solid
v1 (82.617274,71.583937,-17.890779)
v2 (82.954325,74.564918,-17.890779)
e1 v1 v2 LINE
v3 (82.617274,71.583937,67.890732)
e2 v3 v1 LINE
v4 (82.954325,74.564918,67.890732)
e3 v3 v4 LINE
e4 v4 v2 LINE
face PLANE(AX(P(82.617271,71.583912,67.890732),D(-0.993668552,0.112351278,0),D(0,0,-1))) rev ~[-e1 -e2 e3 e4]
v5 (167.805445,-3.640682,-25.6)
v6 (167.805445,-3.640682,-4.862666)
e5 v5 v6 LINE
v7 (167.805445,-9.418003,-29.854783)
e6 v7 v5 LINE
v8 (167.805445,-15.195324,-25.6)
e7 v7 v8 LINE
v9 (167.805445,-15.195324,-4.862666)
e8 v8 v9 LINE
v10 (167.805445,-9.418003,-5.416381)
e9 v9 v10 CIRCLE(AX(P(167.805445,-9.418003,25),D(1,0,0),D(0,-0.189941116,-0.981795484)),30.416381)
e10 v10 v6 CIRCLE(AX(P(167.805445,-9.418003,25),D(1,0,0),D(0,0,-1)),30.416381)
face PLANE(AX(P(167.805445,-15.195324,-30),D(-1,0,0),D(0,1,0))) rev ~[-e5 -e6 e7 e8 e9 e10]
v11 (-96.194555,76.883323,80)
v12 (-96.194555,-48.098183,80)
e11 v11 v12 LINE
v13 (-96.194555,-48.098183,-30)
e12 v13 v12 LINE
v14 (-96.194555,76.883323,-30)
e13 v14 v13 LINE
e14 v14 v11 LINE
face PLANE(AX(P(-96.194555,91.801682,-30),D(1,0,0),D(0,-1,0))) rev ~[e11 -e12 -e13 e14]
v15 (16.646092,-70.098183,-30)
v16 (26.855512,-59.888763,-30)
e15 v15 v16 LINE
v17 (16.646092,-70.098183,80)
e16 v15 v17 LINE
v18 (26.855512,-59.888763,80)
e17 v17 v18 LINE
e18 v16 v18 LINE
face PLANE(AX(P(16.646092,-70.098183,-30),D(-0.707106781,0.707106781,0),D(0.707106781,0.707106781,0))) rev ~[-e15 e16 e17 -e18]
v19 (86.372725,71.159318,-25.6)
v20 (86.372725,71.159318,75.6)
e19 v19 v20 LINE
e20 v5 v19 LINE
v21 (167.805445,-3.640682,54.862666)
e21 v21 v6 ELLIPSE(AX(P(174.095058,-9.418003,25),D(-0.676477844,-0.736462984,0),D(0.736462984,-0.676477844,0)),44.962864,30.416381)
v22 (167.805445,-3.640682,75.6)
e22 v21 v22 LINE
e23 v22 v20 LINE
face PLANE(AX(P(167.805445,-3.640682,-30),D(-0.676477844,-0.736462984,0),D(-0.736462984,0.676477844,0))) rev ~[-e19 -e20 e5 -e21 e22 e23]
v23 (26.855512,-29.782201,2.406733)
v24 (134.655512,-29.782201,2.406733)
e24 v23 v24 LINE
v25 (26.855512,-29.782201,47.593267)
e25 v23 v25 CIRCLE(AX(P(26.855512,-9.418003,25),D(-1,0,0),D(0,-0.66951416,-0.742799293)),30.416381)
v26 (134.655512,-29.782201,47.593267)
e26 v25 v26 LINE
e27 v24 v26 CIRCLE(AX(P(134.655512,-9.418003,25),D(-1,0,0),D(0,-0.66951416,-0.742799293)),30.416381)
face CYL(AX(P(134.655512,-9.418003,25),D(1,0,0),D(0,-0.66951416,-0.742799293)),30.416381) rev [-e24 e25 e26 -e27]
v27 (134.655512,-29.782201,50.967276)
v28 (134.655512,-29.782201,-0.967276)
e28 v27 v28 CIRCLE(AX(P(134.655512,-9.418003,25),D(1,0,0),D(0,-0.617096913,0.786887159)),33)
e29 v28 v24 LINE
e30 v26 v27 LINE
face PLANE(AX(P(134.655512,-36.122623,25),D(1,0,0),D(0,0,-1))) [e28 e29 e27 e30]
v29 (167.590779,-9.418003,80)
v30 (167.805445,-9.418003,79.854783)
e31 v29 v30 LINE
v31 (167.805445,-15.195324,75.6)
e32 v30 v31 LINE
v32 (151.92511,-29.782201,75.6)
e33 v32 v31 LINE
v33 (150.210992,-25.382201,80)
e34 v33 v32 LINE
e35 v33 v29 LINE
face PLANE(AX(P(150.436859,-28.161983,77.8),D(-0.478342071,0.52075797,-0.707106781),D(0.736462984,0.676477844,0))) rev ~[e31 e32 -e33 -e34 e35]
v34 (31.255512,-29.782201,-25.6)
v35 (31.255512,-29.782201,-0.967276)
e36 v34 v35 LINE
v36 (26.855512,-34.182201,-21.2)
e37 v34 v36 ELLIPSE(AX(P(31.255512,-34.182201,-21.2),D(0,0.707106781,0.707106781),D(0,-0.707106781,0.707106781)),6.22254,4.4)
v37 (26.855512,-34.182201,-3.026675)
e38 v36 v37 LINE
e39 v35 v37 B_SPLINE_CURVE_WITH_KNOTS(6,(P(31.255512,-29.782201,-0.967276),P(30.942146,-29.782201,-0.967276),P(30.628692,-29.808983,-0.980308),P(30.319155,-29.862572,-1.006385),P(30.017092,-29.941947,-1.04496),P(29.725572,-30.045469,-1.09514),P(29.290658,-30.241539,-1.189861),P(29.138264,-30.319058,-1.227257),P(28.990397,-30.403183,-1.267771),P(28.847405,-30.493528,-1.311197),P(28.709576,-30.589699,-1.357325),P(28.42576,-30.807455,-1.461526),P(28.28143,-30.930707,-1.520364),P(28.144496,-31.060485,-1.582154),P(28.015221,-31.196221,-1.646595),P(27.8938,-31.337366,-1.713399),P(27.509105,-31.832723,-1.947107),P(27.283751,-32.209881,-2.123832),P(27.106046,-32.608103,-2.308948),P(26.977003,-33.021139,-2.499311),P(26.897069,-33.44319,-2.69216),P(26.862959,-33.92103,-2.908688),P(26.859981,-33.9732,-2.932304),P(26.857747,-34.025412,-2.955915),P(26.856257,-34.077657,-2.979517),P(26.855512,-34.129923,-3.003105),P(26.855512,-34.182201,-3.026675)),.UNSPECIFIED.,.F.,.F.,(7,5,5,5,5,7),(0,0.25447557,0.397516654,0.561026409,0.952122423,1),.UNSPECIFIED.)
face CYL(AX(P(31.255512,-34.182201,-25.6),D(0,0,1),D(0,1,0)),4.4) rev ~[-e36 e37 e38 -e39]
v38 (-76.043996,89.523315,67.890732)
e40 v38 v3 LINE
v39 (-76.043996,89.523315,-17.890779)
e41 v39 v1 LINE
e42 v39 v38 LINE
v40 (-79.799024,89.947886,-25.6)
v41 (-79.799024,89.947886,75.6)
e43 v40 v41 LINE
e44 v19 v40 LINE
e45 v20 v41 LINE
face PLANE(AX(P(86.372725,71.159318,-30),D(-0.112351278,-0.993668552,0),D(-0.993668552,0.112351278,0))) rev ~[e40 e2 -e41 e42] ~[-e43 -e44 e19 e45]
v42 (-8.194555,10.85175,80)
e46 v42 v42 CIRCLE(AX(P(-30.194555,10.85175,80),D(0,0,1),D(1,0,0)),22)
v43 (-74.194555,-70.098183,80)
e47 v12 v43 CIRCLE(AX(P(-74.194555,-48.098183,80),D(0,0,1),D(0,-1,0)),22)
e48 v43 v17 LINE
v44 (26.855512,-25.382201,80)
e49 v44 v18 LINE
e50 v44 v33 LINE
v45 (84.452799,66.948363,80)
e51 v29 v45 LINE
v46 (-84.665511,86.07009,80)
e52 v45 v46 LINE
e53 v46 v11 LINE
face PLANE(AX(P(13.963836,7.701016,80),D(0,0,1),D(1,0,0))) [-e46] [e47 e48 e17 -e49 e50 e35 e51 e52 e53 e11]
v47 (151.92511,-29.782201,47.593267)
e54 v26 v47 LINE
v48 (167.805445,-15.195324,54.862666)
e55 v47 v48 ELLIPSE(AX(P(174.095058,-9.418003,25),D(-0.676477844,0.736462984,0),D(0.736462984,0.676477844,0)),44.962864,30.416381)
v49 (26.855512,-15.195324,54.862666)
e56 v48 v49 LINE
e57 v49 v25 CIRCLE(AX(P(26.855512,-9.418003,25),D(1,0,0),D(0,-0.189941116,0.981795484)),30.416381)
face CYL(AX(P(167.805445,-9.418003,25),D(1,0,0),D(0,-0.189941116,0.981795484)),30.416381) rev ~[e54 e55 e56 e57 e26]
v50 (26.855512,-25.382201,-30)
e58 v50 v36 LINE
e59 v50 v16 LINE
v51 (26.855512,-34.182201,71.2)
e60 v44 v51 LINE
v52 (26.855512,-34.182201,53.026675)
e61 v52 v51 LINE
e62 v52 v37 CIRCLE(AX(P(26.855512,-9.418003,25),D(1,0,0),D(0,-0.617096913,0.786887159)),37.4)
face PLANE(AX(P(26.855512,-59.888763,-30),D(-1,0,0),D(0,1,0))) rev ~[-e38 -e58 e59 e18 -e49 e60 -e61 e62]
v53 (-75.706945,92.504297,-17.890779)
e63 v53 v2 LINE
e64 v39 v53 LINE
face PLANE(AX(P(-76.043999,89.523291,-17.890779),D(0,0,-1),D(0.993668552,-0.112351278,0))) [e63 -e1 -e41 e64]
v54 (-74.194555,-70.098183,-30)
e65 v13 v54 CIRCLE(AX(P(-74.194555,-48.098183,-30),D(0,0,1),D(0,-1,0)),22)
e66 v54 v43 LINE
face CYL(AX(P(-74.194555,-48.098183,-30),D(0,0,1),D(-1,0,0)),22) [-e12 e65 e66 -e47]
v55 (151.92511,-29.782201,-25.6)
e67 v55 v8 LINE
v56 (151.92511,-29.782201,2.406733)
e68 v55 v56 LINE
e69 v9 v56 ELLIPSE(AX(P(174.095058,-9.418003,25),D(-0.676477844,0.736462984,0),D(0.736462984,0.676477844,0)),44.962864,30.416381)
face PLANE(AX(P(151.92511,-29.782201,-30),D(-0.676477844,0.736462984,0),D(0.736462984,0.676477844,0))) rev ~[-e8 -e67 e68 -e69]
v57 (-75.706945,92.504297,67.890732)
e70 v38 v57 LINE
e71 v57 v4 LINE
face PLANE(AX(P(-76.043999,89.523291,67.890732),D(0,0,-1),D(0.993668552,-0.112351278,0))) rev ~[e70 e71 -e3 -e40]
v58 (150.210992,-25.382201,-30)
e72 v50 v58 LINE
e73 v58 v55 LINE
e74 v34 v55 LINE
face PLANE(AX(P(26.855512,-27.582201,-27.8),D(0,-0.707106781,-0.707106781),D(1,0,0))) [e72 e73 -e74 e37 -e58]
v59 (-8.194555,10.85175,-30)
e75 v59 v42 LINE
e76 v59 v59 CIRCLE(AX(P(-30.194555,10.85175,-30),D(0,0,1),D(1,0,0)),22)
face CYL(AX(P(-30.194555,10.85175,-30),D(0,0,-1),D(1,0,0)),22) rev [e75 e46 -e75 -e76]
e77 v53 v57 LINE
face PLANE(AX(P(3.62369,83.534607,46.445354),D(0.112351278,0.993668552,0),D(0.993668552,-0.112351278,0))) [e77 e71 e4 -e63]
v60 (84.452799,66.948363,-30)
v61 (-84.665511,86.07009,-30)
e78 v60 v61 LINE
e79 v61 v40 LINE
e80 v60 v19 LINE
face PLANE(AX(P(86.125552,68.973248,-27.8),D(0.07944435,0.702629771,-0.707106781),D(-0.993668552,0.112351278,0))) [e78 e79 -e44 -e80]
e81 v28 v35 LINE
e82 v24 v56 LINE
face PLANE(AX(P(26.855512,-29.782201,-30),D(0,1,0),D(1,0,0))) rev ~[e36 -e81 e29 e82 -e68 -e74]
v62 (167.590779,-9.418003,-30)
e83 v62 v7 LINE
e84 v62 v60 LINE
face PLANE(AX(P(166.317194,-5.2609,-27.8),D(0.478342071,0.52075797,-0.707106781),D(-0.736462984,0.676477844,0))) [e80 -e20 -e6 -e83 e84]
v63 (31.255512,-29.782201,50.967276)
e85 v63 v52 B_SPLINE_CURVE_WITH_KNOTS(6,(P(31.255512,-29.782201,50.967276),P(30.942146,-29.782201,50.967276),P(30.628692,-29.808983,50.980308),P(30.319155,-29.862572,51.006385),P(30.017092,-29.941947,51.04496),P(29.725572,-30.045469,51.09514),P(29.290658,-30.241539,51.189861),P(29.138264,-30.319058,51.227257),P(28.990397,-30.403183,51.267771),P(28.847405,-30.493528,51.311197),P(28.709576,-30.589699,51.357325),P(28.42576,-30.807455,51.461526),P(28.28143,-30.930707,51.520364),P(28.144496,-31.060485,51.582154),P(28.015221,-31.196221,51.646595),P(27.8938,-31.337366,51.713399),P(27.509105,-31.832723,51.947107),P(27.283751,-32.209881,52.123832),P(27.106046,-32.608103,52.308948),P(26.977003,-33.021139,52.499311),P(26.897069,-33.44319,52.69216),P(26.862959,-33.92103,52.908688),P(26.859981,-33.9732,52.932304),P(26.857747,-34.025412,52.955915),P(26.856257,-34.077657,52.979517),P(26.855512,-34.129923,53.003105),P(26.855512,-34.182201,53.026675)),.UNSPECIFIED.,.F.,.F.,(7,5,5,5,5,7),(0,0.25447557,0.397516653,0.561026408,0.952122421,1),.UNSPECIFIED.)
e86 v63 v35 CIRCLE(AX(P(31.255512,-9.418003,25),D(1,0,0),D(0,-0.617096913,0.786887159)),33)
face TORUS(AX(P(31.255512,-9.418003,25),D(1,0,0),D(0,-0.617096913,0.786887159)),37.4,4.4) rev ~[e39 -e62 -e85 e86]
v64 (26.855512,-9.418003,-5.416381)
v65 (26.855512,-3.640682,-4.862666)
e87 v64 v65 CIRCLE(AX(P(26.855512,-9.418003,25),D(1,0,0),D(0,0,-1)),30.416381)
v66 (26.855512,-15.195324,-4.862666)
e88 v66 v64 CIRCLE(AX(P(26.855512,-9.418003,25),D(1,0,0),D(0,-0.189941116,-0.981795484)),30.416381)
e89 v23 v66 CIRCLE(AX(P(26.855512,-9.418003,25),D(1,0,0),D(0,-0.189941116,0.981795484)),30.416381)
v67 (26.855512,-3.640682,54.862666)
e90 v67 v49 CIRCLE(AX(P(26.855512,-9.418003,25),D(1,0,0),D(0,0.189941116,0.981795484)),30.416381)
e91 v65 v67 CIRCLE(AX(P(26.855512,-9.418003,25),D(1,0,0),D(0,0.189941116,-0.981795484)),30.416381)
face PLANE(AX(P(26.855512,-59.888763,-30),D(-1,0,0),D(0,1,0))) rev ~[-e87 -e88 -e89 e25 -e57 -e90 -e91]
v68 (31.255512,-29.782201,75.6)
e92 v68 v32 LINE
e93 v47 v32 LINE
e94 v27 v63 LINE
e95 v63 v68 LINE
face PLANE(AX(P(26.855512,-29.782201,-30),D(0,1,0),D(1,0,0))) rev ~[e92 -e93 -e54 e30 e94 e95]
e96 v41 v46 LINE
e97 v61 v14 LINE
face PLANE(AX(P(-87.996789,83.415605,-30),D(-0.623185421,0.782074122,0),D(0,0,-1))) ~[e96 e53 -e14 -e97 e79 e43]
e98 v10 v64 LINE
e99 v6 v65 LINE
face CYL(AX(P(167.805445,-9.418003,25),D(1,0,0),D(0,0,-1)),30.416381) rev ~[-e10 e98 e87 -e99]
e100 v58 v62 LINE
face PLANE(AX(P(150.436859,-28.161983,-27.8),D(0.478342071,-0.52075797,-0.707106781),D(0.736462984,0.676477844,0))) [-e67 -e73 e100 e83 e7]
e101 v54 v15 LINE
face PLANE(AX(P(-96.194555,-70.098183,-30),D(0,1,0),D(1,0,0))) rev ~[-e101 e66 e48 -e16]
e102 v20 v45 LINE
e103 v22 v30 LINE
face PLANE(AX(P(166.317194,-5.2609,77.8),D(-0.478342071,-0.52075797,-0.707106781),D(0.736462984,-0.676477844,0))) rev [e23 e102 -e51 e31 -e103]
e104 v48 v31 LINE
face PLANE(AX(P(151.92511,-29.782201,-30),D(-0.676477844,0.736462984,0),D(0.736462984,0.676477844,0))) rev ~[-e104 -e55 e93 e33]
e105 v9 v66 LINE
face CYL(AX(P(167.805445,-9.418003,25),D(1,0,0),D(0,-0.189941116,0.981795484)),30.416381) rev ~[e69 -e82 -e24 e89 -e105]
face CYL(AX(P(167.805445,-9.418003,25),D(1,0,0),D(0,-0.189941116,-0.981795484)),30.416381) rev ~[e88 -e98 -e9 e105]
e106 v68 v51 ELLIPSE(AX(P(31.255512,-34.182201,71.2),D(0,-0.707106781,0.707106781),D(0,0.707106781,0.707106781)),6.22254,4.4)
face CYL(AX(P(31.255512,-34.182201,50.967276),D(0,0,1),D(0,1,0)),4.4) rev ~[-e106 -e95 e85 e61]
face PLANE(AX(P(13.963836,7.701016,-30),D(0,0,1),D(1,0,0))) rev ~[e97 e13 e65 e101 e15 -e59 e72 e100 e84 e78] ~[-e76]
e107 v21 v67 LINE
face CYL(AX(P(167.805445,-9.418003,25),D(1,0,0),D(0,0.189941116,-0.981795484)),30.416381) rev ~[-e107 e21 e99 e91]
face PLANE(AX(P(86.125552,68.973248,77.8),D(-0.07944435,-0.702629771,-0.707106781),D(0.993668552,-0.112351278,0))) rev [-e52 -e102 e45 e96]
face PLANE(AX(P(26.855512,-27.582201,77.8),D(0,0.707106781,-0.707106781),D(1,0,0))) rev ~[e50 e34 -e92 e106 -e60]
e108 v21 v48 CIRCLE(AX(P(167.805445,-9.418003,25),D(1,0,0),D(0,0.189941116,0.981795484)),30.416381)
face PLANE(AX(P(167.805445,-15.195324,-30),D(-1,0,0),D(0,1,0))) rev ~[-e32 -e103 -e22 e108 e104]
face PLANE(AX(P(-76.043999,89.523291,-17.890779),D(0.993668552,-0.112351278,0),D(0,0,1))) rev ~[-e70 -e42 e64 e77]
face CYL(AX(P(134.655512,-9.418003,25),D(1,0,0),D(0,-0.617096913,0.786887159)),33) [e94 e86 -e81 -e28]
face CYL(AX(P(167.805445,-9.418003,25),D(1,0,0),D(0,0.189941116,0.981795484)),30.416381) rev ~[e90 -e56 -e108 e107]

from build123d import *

# Parameters (mm, degrees)
SKETCH2_R           = 10
BOSS_EXTRUDE1_DEPTH = 50
CUT_EXTRUDE1_DEPTH  = 64.068151531
BOSS_EXTRUDE2_START = 49
BOSS_EXTRUDE2_DEPTH = 49
FILLET1_R           = 10
CHAMFER1_SIZE       = 7.5
CHAMFER1_SIZE2      = 6.781071912
CHAMFER2_SIZE       = 2
CHAMFER3_SIZE       = 2
FILLET2_R           = 2
SCALE1_SCALE        = 2
SCALE2_SCALE        = 1.1
SKETCH5_W           = 159.672226339
SKETCH5_H           = 42.890755139
SKETCH5_H_2         = 42.890755138
BOSS_EXTRUDE3_DEPTH = 3


with BuildPart() as part:
    # Sketch2 → Boss-Extrude1 (new body)
    with BuildSketch(Plane.XY):
        Polygon((40.193713233, 38.980676174), (-42.791413838, 48.363568548), (-42.791413838, -25.22727884), (8.499789264, -25.22727884), (13.140434631, -20.586633473), (13.140434631, -6.901832716), (69.990252121, -6.901832716), (77.208586162, -0.271434231), (77.208586162, 4.980676174), align=None)
        with Locations((-12.791413838, 11.568144854)):
            Circle(SKETCH2_R, mode=Mode.SUBTRACT)
    extrude(amount=BOSS_EXTRUDE1_DEPTH)

    # Sketch3 → Cut-Extrude1 (cut)
    with BuildSketch(Plane(origin=(77.208586162, 0, 0), x_dir=(0, 0, -1), z_dir=(1, 0, 0))):
        with BuildLine():
            Line((-38.573939088, 4.980676174), (-25, 4.980676174))
            Line((-25, 4.980676174), (-11.426060912, 4.980676174))
            ThreePointArc((-11.426060912, 4.980676174), (-25, 16.180248925), (-38.573939088, 4.980676174))
        make_face()
        with BuildLine():
            Line((-38.573939088, -0.271434231), (-25, -0.271434231))
            Line((-25, -0.271434231), (-25, 4.980676174))
            Line((-25, 4.980676174), (-38.573939088, 4.980676174))
            ThreePointArc((-38.573939088, 4.980676174), (-38.825627953, 2.354620972), (-38.573939088, -0.271434231))
        make_face()
        with BuildLine():
            Line((-25, 4.980676174), (-25, -0.271434231))
            Line((-25, -0.271434231), (-11.426060912, -0.271434231))
            ThreePointArc((-11.426060912, -0.271434231), (-11.237438102, 1.035576506), (-11.174372047, 2.354620972))
            ThreePointArc((-11.174372047, 2.354620972), (-11.237438102, 3.673665437), (-11.426060912, 4.980676174))
            Line((-11.426060912, 4.980676174), (-25, 4.980676174))
        make_face()
        with BuildLine():
            Line((-11.426060912, -0.271434231), (-25, -0.271434231))
            Line((-25, -0.271434231), (-38.573939088, -0.271434231))
            ThreePointArc((-38.573939088, -0.271434231), (-25, -11.471006981), (-11.426060912, -0.271434231))
        make_face()
    extrude(amount=-CUT_EXTRUDE1_DEPTH, mode=Mode.SUBTRACT)

    # Sketch4 → Boss-Extrude2 (add)
    with BuildSketch(Plane(origin=(13.140434631, 0, 0), x_dir=(0, 0, -1), z_dir=(1, 0, 0)).offset(BOSS_EXTRUDE2_START)):
        with BuildLine():
            Line((-13.196692619, -6.901832716), (-14.730333334, -6.901832716))
            ThreePointArc((-14.730333334, -6.901832716), (-25, -11.471006981), (-35.269666666, -6.901832716))
            Line((-35.269666666, -6.901832716), (-36.803307381, -6.901832716))
            ThreePointArc((-36.803307381, -6.901832716), (-25, -12.645379028), (-13.196692619, -6.901832716))
        make_face()
    extrude(amount=-BOSS_EXTRUDE2_DEPTH)

    # Fillet1
    fillet1_edges = [part.edges().sort_by_distance(p)[0] for p in [
        (-42.791413838, -25.22727884, 25),
    ]]
    fillet(fillet1_edges, radius=FILLET1_R)

    # Chamfer1
    chamfer1_edges = [part.edges().sort_by_distance(p)[0] for p in [
        (-42.791413838, 48.363568548, 25),
    ]]
    chamfer1_side = [part.faces().sort_by_distance(p)[0] for p in [
        (-1.298850303, 43.672122361, 25),
    ]]
    chamfer(chamfer1_edges, length=CHAMFER1_SIZE, length2=CHAMFER1_SIZE2, reference=chamfer1_side[0])

    # Chamfer2
    chamfer2_edges = [part.edges().sort_by_distance(p)[0] for p in [
        (2.427406766, 43.250805069, 0),
        (58.701149697, 21.980676174, 0),
        (58.701149697, 21.980676174, 50),
        (2.427406766, 43.250805069, 50),
    ]]
    chamfer(chamfer2_edges, length=CHAMFER2_SIZE)

    # Chamfer3
    chamfer3_edges = [part.edges().sort_by_distance(p)[0] for p in [
        (41.565343376, -6.901832716, 50),
        (73.599419141, -3.586633473, 50),
        (73.599419141, -3.586633473, 0),
        (41.565343376, -6.901832716, 0),
    ]]
    chamfer(chamfer3_edges, length=CHAMFER3_SIZE)

    # Fillet2
    fillet2_edges = [part.edges().sort_by_distance(p)[0] for p in [
        (13.140434631, -6.901832716, 7.598346309),
        (13.140434631, -12.645379028, 25),
        (13.140434631, -6.901832716, 42.401653691),
    ]]
    fillet(fillet2_edges, radius=FILLET2_R)


with BuildPart() as part_1:
    # Scale1: scaled about (1.71120361, 12.165140941, 25)
    add(part.part.scale(SCALE1_SCALE).moved(Location((-1.71120361, -12.165140941, -25))))


with BuildPart() as part_2:
    # Scale2: scaled about (1.711203609, 12.165140942, 25)
    add(part_1.part.scale(SCALE2_SCALE).moved(Location((-0.171120361, -1.216514094, -2.5))))

    # Sketch5 → Boss-Extrude3 (add)
    with BuildSketch(Plane(origin=(9.034485149, 79.903708601, 0), x_dir=(0.993668551555422, -0.11235127791774192, 0), z_dir=(0.11235127791774194, 0.9936685515554221, 0))):
        with Locations((-5.784473025, -46.445353997)):
            Rectangle(SKETCH5_W, SKETCH5_H)
        with Locations((-5.784473025, -3.554598859)):
            Rectangle(SKETCH5_W, SKETCH5_H_2)
    extrude(amount=BOSS_EXTRUDE3_DEPTH)


solid = part_2.part
